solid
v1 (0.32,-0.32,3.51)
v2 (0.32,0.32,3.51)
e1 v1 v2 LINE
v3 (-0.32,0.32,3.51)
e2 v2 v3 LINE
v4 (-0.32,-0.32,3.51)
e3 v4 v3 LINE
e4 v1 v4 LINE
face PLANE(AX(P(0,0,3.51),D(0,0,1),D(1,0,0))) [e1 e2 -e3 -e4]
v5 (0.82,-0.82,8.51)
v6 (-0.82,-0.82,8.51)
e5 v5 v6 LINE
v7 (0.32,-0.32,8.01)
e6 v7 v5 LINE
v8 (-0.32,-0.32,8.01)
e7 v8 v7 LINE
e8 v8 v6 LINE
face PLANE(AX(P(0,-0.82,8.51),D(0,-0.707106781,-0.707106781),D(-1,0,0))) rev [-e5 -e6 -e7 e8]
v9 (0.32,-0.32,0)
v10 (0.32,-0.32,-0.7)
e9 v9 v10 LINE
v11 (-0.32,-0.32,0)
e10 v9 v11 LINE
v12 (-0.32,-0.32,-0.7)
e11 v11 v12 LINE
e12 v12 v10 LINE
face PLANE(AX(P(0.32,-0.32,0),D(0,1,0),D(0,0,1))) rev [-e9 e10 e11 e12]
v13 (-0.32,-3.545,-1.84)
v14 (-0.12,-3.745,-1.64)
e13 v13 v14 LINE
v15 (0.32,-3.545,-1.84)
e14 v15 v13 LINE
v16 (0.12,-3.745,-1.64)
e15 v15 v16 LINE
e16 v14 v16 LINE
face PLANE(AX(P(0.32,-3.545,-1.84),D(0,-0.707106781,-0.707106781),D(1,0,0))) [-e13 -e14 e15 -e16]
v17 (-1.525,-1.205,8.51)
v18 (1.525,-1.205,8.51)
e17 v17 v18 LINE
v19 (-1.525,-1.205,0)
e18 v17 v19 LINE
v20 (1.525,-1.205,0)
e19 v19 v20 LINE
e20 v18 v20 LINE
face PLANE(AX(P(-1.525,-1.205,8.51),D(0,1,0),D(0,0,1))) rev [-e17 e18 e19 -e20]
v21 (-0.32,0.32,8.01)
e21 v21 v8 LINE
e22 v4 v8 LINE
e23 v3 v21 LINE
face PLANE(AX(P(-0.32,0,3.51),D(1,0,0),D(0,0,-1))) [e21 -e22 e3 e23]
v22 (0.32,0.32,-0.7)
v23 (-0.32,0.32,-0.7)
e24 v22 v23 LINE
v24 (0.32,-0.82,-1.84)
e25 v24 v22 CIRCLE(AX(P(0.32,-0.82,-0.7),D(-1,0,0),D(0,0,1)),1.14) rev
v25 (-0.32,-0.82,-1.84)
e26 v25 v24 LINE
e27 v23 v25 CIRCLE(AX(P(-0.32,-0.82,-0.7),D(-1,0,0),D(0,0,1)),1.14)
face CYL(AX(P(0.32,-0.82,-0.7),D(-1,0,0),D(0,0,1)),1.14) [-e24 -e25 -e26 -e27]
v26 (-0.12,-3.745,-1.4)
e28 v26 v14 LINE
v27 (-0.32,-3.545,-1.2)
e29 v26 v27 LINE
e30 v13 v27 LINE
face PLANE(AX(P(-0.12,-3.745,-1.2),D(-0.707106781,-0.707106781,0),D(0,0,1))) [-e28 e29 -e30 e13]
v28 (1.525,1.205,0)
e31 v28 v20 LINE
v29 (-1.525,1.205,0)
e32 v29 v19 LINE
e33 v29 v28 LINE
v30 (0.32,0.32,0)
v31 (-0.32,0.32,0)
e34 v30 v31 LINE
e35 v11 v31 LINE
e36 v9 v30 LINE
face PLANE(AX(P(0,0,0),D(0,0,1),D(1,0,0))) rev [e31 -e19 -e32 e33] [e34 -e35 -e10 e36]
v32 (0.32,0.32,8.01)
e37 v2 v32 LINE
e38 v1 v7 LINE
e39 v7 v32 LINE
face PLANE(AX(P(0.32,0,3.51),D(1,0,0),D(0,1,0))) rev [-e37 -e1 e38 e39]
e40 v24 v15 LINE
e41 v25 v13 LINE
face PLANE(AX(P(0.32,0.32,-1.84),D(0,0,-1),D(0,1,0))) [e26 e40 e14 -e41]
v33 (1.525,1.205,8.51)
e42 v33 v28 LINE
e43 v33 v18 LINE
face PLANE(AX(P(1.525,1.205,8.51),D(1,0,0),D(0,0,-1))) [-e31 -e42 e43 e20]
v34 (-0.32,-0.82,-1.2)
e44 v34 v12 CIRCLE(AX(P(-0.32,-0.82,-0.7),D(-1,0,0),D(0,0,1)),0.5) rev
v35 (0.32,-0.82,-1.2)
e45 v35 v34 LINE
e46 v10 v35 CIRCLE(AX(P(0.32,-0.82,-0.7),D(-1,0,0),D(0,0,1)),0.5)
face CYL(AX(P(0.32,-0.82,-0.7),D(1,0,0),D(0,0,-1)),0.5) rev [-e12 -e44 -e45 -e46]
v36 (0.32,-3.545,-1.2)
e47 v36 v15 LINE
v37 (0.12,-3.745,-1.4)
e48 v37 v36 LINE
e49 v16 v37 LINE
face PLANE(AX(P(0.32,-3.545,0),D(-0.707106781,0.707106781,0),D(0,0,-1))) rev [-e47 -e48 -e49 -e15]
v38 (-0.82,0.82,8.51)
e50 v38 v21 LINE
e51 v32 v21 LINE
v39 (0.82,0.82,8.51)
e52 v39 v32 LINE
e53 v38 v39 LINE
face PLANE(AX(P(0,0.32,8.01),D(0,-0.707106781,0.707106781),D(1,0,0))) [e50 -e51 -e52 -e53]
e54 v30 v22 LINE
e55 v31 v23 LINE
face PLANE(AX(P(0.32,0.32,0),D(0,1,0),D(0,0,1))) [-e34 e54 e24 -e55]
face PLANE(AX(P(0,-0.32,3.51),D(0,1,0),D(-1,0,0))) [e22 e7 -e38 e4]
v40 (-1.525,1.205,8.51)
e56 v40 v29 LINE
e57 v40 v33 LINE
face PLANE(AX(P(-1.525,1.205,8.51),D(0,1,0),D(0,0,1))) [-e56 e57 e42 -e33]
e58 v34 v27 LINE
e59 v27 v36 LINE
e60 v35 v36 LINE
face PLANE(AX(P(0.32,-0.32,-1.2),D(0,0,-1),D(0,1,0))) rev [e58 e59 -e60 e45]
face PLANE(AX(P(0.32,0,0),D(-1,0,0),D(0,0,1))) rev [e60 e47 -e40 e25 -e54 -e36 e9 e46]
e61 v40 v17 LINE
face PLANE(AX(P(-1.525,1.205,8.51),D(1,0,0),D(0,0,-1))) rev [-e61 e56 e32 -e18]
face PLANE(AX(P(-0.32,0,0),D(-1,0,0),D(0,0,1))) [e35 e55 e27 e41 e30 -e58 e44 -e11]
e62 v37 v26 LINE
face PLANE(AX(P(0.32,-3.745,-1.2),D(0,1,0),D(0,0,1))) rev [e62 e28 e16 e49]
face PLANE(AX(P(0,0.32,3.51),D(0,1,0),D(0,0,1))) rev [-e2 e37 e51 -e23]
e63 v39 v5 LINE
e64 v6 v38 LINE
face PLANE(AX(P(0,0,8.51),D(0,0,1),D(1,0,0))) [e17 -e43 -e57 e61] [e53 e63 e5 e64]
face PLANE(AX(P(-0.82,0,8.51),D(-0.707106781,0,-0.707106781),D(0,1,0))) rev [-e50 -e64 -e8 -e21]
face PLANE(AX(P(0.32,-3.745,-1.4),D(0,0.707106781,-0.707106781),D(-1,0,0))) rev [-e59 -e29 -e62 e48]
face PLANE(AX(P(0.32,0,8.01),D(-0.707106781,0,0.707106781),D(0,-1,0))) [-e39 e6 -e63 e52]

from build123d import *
from OCP.BRepFilletAPI import BRepFilletAPI_MakeFillet

# Parameters (mm, degrees)
SKETCH1_W           = 3.05
SKETCH1_H           = 2.41
BOSS_EXTRUDE1_DEPTH = 8.51
CUT_EXTRUDE1_START  = 8.51
SKETCH1_3_W         = 0.64
SKETCH1_3_H         = 0.64
CUT_EXTRUDE1_DEPTH  = 5
CHAMFER1_SIZE       = 0.5
BOSS_EXTRUDE2_DEPTH = 0.32
FILLET1_R1          = 0.5
FILLET1_R2          = 1.14
CHAMFER2_SIZE       = 0.2


with BuildPart() as part:
    # Sketch1 → Boss-Extrude1 (new body)
    with BuildSketch(Plane.XY):
        Rectangle(SKETCH1_W, SKETCH1_H)
    extrude(amount=BOSS_EXTRUDE1_DEPTH)

    # Sketch1<3> → Cut-Extrude1 (cut)
    with BuildSketch(Plane.XY.offset(CUT_EXTRUDE1_START)):
        Rectangle(SKETCH1_3_W, SKETCH1_3_H)
    extrude(amount=-CUT_EXTRUDE1_DEPTH, mode=Mode.SUBTRACT)

    # Chamfer1
    chamfer1_edges = [part.edges().sort_by_distance(p)[0] for p in [
        (-0.32, 0, 8.51),
        (0, -0.32, 8.51),
        (0.32, 0, 8.51),
        (0, 0.32, 8.51),
    ]]
    chamfer(chamfer1_edges, length=CHAMFER1_SIZE)

    # Sketch2 → Boss-Extrude2 (add, symmetric)
    with BuildSketch(Plane(origin=(0, 0, 0), x_dir=(0, 0, -1), z_dir=(1, 0, 0))):
        Polygon((0, -0.32), (1.2, -0.32), (1.2, -3.745), (1.84, -3.745), (1.84, 0.32), (0, 0.32), align=None)
    extrude(amount=BOSS_EXTRUDE2_DEPTH, both=True)

    # Fillet1: one fillet with a radius per group of edges: ONE call of the kernel's fillet builder (fillet() takes one radius for all edges)
    fillet1_edges_1 = [part.edges().sort_by_distance(p)[0] for p in [
        (0, -0.32, -1.2),
    ]]
    fillet1_edges_2 = [part.edges().sort_by_distance(p)[0] for p in [
        (0, 0.32, -1.84),
    ]]
    fillet1 = BRepFilletAPI_MakeFillet(part.part.solid().wrapped)
    for e in fillet1_edges_1:
        fillet1.Add(FILLET1_R1, e.wrapped)
    for e in fillet1_edges_2:
        fillet1.Add(FILLET1_R2, e.wrapped)
    add(Compound.cast(fillet1.Shape()), mode=Mode.REPLACE)

    # Chamfer2
    chamfer2_edges = [part.edges().sort_by_distance(p)[0] for p in [
        (-0.32, -3.745, -1.52),
        (0, -3.745, -1.2),
        (0, -3.745, -1.84),
        (0.32, -3.745, -1.52),
    ]]
    chamfer(chamfer2_edges, length=CHAMFER2_SIZE)


solid = part.part
